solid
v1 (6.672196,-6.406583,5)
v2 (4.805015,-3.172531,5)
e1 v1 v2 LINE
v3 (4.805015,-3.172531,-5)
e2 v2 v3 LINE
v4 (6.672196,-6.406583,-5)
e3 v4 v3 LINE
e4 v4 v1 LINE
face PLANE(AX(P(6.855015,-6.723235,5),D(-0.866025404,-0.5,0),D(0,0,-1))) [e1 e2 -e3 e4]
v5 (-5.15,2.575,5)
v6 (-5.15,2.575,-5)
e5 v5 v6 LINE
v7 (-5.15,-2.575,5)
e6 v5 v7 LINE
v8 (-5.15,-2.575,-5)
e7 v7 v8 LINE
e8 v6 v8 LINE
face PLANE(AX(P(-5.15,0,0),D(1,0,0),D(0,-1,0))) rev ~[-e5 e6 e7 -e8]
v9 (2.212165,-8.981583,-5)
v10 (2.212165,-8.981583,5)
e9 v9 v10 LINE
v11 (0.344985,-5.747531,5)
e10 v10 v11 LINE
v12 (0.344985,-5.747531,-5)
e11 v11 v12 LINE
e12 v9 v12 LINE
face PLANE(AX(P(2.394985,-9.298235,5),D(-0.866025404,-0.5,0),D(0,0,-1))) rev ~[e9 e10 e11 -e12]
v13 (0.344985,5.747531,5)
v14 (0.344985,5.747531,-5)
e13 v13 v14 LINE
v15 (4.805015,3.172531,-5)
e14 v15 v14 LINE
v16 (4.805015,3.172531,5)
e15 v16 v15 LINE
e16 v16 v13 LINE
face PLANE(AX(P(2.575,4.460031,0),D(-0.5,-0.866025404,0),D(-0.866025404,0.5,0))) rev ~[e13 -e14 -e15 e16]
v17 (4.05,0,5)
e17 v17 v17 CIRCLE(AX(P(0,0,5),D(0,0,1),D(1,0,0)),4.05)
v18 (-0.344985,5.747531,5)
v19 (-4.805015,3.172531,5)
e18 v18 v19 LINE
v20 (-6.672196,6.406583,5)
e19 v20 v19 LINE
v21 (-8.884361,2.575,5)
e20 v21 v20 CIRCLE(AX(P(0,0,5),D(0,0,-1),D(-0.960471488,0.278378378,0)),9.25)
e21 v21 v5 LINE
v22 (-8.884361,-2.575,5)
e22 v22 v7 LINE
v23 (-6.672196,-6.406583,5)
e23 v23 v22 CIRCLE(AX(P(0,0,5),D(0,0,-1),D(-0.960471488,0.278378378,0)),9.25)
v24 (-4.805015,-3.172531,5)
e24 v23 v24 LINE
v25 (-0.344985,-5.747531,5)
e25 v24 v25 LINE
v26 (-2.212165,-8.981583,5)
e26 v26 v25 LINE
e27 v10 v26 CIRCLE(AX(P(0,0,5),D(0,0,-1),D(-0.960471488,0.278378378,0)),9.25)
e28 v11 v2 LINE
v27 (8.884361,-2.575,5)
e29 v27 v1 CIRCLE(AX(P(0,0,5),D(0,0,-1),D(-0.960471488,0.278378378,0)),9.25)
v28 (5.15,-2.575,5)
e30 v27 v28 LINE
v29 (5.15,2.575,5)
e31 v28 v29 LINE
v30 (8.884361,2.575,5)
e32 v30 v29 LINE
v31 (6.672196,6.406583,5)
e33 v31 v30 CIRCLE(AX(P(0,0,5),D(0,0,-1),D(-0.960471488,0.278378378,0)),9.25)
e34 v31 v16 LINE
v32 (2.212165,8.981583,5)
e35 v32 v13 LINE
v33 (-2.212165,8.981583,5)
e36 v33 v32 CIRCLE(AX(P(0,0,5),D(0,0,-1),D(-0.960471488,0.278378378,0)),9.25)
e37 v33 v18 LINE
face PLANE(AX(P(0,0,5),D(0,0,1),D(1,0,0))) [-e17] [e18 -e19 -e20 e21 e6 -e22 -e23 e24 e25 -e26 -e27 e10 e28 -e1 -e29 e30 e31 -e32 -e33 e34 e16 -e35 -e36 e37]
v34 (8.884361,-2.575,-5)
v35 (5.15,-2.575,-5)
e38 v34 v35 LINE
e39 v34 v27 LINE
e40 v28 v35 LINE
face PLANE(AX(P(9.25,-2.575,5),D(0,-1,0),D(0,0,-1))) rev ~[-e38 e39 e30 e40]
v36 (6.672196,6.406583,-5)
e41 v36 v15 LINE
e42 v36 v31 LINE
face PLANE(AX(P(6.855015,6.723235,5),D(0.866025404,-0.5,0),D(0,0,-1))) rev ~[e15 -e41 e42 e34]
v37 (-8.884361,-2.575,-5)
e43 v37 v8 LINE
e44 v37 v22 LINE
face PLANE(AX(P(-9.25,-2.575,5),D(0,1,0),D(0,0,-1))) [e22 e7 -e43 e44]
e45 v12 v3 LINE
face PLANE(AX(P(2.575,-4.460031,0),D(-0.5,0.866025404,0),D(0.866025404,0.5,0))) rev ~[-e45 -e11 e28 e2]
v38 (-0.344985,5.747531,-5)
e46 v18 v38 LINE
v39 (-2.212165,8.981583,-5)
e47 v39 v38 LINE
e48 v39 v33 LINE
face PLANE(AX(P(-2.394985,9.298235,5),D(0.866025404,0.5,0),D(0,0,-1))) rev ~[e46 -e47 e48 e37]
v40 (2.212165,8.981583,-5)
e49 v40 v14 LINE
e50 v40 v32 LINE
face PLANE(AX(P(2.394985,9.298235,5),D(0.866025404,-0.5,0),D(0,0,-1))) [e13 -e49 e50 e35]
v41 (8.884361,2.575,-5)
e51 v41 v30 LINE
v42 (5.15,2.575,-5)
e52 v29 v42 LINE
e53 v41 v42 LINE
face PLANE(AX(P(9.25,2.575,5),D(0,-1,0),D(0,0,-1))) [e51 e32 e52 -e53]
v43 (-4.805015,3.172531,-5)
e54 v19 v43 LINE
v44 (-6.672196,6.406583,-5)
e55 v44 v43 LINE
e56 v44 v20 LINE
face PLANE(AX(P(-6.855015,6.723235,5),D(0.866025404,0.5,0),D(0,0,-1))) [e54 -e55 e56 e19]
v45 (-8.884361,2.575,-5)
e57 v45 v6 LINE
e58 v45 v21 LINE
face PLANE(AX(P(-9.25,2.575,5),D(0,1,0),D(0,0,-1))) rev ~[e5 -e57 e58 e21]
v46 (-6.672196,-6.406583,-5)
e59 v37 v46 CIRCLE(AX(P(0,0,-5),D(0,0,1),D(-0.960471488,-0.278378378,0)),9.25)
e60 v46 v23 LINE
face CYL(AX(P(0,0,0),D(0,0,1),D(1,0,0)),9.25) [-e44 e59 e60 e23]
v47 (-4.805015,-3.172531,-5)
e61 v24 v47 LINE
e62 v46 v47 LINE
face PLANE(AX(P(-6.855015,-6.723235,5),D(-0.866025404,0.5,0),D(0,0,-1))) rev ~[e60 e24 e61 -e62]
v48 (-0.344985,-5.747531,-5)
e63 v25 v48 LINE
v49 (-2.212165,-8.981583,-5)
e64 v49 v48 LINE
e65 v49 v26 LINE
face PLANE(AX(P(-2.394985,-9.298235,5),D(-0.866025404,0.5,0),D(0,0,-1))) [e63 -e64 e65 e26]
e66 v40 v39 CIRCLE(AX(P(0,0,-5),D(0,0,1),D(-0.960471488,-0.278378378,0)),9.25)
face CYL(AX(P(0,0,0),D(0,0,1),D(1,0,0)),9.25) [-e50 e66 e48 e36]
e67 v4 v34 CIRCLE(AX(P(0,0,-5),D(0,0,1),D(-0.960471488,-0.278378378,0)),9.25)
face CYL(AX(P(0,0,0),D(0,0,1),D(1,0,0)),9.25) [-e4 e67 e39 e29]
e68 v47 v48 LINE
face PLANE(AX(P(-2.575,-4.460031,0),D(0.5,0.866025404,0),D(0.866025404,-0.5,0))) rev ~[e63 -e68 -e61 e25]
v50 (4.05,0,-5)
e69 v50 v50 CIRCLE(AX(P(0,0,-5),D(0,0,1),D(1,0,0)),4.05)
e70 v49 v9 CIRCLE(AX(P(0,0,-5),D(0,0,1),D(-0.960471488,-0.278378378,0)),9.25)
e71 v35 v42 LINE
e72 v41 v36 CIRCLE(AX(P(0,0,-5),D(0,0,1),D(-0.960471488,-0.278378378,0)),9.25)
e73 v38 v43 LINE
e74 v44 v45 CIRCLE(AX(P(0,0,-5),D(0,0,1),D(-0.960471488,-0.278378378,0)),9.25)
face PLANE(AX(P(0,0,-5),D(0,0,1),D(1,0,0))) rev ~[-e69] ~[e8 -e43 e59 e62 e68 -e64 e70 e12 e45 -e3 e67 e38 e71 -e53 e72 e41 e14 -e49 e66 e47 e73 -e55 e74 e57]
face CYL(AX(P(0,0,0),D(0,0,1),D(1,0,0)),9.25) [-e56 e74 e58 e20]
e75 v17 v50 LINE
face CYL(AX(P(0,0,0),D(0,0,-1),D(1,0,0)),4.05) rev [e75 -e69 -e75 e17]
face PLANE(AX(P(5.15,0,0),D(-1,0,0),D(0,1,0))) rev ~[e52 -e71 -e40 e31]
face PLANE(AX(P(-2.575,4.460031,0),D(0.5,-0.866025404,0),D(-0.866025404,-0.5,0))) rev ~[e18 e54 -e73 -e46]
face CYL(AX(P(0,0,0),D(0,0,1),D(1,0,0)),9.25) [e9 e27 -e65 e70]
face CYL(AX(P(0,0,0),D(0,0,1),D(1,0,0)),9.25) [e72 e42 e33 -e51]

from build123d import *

# Parameters (mm, degrees)
SKETCH1_R           = 9.25
SKETCH1_R_2         = 4.05
BOSS_EXTRUDE1_DEPTH = 5
SKETCH2_W           = 5.15
SKETCH2_H           = 10
CUT_EXTRUDE3_DEPTH  = 4.1
CIRPATTERN1_COUNT   = 6


with BuildPart() as part:
    # Sketch1 → Boss-Extrude1 (new, symmetric)
    with BuildSketch(Plane.XY):
        Circle(SKETCH1_R)
        Circle(SKETCH1_R_2, mode=Mode.SUBTRACT)
    extrude(amount=BOSS_EXTRUDE1_DEPTH, both=True)

    # Sketch2 → Cut-Extrude3 (cut)
    with BuildSketch(Plane(origin=(-9.25, -17.193061184, 0), x_dir=(0, -1, 0), z_dir=(1, 0, 0))):
        with Locations((-17.193061184, 0)):
            Rectangle(SKETCH2_W, SKETCH2_H)
    cut_extrude3 = extrude(amount=CUT_EXTRUDE3_DEPTH, mode=Mode.SUBTRACT)

    # CirPattern1: Cut-Extrude3 ×6 about axis
    cirpattern1_axis = Axis((0, 0, 5), (0, 0, 1))
    for i in range(1, CIRPATTERN1_COUNT):
        add(cut_extrude3.rotate(cirpattern1_axis, i * 360 / CIRPATTERN1_COUNT), mode=Mode.SUBTRACT)


solid = part.part
